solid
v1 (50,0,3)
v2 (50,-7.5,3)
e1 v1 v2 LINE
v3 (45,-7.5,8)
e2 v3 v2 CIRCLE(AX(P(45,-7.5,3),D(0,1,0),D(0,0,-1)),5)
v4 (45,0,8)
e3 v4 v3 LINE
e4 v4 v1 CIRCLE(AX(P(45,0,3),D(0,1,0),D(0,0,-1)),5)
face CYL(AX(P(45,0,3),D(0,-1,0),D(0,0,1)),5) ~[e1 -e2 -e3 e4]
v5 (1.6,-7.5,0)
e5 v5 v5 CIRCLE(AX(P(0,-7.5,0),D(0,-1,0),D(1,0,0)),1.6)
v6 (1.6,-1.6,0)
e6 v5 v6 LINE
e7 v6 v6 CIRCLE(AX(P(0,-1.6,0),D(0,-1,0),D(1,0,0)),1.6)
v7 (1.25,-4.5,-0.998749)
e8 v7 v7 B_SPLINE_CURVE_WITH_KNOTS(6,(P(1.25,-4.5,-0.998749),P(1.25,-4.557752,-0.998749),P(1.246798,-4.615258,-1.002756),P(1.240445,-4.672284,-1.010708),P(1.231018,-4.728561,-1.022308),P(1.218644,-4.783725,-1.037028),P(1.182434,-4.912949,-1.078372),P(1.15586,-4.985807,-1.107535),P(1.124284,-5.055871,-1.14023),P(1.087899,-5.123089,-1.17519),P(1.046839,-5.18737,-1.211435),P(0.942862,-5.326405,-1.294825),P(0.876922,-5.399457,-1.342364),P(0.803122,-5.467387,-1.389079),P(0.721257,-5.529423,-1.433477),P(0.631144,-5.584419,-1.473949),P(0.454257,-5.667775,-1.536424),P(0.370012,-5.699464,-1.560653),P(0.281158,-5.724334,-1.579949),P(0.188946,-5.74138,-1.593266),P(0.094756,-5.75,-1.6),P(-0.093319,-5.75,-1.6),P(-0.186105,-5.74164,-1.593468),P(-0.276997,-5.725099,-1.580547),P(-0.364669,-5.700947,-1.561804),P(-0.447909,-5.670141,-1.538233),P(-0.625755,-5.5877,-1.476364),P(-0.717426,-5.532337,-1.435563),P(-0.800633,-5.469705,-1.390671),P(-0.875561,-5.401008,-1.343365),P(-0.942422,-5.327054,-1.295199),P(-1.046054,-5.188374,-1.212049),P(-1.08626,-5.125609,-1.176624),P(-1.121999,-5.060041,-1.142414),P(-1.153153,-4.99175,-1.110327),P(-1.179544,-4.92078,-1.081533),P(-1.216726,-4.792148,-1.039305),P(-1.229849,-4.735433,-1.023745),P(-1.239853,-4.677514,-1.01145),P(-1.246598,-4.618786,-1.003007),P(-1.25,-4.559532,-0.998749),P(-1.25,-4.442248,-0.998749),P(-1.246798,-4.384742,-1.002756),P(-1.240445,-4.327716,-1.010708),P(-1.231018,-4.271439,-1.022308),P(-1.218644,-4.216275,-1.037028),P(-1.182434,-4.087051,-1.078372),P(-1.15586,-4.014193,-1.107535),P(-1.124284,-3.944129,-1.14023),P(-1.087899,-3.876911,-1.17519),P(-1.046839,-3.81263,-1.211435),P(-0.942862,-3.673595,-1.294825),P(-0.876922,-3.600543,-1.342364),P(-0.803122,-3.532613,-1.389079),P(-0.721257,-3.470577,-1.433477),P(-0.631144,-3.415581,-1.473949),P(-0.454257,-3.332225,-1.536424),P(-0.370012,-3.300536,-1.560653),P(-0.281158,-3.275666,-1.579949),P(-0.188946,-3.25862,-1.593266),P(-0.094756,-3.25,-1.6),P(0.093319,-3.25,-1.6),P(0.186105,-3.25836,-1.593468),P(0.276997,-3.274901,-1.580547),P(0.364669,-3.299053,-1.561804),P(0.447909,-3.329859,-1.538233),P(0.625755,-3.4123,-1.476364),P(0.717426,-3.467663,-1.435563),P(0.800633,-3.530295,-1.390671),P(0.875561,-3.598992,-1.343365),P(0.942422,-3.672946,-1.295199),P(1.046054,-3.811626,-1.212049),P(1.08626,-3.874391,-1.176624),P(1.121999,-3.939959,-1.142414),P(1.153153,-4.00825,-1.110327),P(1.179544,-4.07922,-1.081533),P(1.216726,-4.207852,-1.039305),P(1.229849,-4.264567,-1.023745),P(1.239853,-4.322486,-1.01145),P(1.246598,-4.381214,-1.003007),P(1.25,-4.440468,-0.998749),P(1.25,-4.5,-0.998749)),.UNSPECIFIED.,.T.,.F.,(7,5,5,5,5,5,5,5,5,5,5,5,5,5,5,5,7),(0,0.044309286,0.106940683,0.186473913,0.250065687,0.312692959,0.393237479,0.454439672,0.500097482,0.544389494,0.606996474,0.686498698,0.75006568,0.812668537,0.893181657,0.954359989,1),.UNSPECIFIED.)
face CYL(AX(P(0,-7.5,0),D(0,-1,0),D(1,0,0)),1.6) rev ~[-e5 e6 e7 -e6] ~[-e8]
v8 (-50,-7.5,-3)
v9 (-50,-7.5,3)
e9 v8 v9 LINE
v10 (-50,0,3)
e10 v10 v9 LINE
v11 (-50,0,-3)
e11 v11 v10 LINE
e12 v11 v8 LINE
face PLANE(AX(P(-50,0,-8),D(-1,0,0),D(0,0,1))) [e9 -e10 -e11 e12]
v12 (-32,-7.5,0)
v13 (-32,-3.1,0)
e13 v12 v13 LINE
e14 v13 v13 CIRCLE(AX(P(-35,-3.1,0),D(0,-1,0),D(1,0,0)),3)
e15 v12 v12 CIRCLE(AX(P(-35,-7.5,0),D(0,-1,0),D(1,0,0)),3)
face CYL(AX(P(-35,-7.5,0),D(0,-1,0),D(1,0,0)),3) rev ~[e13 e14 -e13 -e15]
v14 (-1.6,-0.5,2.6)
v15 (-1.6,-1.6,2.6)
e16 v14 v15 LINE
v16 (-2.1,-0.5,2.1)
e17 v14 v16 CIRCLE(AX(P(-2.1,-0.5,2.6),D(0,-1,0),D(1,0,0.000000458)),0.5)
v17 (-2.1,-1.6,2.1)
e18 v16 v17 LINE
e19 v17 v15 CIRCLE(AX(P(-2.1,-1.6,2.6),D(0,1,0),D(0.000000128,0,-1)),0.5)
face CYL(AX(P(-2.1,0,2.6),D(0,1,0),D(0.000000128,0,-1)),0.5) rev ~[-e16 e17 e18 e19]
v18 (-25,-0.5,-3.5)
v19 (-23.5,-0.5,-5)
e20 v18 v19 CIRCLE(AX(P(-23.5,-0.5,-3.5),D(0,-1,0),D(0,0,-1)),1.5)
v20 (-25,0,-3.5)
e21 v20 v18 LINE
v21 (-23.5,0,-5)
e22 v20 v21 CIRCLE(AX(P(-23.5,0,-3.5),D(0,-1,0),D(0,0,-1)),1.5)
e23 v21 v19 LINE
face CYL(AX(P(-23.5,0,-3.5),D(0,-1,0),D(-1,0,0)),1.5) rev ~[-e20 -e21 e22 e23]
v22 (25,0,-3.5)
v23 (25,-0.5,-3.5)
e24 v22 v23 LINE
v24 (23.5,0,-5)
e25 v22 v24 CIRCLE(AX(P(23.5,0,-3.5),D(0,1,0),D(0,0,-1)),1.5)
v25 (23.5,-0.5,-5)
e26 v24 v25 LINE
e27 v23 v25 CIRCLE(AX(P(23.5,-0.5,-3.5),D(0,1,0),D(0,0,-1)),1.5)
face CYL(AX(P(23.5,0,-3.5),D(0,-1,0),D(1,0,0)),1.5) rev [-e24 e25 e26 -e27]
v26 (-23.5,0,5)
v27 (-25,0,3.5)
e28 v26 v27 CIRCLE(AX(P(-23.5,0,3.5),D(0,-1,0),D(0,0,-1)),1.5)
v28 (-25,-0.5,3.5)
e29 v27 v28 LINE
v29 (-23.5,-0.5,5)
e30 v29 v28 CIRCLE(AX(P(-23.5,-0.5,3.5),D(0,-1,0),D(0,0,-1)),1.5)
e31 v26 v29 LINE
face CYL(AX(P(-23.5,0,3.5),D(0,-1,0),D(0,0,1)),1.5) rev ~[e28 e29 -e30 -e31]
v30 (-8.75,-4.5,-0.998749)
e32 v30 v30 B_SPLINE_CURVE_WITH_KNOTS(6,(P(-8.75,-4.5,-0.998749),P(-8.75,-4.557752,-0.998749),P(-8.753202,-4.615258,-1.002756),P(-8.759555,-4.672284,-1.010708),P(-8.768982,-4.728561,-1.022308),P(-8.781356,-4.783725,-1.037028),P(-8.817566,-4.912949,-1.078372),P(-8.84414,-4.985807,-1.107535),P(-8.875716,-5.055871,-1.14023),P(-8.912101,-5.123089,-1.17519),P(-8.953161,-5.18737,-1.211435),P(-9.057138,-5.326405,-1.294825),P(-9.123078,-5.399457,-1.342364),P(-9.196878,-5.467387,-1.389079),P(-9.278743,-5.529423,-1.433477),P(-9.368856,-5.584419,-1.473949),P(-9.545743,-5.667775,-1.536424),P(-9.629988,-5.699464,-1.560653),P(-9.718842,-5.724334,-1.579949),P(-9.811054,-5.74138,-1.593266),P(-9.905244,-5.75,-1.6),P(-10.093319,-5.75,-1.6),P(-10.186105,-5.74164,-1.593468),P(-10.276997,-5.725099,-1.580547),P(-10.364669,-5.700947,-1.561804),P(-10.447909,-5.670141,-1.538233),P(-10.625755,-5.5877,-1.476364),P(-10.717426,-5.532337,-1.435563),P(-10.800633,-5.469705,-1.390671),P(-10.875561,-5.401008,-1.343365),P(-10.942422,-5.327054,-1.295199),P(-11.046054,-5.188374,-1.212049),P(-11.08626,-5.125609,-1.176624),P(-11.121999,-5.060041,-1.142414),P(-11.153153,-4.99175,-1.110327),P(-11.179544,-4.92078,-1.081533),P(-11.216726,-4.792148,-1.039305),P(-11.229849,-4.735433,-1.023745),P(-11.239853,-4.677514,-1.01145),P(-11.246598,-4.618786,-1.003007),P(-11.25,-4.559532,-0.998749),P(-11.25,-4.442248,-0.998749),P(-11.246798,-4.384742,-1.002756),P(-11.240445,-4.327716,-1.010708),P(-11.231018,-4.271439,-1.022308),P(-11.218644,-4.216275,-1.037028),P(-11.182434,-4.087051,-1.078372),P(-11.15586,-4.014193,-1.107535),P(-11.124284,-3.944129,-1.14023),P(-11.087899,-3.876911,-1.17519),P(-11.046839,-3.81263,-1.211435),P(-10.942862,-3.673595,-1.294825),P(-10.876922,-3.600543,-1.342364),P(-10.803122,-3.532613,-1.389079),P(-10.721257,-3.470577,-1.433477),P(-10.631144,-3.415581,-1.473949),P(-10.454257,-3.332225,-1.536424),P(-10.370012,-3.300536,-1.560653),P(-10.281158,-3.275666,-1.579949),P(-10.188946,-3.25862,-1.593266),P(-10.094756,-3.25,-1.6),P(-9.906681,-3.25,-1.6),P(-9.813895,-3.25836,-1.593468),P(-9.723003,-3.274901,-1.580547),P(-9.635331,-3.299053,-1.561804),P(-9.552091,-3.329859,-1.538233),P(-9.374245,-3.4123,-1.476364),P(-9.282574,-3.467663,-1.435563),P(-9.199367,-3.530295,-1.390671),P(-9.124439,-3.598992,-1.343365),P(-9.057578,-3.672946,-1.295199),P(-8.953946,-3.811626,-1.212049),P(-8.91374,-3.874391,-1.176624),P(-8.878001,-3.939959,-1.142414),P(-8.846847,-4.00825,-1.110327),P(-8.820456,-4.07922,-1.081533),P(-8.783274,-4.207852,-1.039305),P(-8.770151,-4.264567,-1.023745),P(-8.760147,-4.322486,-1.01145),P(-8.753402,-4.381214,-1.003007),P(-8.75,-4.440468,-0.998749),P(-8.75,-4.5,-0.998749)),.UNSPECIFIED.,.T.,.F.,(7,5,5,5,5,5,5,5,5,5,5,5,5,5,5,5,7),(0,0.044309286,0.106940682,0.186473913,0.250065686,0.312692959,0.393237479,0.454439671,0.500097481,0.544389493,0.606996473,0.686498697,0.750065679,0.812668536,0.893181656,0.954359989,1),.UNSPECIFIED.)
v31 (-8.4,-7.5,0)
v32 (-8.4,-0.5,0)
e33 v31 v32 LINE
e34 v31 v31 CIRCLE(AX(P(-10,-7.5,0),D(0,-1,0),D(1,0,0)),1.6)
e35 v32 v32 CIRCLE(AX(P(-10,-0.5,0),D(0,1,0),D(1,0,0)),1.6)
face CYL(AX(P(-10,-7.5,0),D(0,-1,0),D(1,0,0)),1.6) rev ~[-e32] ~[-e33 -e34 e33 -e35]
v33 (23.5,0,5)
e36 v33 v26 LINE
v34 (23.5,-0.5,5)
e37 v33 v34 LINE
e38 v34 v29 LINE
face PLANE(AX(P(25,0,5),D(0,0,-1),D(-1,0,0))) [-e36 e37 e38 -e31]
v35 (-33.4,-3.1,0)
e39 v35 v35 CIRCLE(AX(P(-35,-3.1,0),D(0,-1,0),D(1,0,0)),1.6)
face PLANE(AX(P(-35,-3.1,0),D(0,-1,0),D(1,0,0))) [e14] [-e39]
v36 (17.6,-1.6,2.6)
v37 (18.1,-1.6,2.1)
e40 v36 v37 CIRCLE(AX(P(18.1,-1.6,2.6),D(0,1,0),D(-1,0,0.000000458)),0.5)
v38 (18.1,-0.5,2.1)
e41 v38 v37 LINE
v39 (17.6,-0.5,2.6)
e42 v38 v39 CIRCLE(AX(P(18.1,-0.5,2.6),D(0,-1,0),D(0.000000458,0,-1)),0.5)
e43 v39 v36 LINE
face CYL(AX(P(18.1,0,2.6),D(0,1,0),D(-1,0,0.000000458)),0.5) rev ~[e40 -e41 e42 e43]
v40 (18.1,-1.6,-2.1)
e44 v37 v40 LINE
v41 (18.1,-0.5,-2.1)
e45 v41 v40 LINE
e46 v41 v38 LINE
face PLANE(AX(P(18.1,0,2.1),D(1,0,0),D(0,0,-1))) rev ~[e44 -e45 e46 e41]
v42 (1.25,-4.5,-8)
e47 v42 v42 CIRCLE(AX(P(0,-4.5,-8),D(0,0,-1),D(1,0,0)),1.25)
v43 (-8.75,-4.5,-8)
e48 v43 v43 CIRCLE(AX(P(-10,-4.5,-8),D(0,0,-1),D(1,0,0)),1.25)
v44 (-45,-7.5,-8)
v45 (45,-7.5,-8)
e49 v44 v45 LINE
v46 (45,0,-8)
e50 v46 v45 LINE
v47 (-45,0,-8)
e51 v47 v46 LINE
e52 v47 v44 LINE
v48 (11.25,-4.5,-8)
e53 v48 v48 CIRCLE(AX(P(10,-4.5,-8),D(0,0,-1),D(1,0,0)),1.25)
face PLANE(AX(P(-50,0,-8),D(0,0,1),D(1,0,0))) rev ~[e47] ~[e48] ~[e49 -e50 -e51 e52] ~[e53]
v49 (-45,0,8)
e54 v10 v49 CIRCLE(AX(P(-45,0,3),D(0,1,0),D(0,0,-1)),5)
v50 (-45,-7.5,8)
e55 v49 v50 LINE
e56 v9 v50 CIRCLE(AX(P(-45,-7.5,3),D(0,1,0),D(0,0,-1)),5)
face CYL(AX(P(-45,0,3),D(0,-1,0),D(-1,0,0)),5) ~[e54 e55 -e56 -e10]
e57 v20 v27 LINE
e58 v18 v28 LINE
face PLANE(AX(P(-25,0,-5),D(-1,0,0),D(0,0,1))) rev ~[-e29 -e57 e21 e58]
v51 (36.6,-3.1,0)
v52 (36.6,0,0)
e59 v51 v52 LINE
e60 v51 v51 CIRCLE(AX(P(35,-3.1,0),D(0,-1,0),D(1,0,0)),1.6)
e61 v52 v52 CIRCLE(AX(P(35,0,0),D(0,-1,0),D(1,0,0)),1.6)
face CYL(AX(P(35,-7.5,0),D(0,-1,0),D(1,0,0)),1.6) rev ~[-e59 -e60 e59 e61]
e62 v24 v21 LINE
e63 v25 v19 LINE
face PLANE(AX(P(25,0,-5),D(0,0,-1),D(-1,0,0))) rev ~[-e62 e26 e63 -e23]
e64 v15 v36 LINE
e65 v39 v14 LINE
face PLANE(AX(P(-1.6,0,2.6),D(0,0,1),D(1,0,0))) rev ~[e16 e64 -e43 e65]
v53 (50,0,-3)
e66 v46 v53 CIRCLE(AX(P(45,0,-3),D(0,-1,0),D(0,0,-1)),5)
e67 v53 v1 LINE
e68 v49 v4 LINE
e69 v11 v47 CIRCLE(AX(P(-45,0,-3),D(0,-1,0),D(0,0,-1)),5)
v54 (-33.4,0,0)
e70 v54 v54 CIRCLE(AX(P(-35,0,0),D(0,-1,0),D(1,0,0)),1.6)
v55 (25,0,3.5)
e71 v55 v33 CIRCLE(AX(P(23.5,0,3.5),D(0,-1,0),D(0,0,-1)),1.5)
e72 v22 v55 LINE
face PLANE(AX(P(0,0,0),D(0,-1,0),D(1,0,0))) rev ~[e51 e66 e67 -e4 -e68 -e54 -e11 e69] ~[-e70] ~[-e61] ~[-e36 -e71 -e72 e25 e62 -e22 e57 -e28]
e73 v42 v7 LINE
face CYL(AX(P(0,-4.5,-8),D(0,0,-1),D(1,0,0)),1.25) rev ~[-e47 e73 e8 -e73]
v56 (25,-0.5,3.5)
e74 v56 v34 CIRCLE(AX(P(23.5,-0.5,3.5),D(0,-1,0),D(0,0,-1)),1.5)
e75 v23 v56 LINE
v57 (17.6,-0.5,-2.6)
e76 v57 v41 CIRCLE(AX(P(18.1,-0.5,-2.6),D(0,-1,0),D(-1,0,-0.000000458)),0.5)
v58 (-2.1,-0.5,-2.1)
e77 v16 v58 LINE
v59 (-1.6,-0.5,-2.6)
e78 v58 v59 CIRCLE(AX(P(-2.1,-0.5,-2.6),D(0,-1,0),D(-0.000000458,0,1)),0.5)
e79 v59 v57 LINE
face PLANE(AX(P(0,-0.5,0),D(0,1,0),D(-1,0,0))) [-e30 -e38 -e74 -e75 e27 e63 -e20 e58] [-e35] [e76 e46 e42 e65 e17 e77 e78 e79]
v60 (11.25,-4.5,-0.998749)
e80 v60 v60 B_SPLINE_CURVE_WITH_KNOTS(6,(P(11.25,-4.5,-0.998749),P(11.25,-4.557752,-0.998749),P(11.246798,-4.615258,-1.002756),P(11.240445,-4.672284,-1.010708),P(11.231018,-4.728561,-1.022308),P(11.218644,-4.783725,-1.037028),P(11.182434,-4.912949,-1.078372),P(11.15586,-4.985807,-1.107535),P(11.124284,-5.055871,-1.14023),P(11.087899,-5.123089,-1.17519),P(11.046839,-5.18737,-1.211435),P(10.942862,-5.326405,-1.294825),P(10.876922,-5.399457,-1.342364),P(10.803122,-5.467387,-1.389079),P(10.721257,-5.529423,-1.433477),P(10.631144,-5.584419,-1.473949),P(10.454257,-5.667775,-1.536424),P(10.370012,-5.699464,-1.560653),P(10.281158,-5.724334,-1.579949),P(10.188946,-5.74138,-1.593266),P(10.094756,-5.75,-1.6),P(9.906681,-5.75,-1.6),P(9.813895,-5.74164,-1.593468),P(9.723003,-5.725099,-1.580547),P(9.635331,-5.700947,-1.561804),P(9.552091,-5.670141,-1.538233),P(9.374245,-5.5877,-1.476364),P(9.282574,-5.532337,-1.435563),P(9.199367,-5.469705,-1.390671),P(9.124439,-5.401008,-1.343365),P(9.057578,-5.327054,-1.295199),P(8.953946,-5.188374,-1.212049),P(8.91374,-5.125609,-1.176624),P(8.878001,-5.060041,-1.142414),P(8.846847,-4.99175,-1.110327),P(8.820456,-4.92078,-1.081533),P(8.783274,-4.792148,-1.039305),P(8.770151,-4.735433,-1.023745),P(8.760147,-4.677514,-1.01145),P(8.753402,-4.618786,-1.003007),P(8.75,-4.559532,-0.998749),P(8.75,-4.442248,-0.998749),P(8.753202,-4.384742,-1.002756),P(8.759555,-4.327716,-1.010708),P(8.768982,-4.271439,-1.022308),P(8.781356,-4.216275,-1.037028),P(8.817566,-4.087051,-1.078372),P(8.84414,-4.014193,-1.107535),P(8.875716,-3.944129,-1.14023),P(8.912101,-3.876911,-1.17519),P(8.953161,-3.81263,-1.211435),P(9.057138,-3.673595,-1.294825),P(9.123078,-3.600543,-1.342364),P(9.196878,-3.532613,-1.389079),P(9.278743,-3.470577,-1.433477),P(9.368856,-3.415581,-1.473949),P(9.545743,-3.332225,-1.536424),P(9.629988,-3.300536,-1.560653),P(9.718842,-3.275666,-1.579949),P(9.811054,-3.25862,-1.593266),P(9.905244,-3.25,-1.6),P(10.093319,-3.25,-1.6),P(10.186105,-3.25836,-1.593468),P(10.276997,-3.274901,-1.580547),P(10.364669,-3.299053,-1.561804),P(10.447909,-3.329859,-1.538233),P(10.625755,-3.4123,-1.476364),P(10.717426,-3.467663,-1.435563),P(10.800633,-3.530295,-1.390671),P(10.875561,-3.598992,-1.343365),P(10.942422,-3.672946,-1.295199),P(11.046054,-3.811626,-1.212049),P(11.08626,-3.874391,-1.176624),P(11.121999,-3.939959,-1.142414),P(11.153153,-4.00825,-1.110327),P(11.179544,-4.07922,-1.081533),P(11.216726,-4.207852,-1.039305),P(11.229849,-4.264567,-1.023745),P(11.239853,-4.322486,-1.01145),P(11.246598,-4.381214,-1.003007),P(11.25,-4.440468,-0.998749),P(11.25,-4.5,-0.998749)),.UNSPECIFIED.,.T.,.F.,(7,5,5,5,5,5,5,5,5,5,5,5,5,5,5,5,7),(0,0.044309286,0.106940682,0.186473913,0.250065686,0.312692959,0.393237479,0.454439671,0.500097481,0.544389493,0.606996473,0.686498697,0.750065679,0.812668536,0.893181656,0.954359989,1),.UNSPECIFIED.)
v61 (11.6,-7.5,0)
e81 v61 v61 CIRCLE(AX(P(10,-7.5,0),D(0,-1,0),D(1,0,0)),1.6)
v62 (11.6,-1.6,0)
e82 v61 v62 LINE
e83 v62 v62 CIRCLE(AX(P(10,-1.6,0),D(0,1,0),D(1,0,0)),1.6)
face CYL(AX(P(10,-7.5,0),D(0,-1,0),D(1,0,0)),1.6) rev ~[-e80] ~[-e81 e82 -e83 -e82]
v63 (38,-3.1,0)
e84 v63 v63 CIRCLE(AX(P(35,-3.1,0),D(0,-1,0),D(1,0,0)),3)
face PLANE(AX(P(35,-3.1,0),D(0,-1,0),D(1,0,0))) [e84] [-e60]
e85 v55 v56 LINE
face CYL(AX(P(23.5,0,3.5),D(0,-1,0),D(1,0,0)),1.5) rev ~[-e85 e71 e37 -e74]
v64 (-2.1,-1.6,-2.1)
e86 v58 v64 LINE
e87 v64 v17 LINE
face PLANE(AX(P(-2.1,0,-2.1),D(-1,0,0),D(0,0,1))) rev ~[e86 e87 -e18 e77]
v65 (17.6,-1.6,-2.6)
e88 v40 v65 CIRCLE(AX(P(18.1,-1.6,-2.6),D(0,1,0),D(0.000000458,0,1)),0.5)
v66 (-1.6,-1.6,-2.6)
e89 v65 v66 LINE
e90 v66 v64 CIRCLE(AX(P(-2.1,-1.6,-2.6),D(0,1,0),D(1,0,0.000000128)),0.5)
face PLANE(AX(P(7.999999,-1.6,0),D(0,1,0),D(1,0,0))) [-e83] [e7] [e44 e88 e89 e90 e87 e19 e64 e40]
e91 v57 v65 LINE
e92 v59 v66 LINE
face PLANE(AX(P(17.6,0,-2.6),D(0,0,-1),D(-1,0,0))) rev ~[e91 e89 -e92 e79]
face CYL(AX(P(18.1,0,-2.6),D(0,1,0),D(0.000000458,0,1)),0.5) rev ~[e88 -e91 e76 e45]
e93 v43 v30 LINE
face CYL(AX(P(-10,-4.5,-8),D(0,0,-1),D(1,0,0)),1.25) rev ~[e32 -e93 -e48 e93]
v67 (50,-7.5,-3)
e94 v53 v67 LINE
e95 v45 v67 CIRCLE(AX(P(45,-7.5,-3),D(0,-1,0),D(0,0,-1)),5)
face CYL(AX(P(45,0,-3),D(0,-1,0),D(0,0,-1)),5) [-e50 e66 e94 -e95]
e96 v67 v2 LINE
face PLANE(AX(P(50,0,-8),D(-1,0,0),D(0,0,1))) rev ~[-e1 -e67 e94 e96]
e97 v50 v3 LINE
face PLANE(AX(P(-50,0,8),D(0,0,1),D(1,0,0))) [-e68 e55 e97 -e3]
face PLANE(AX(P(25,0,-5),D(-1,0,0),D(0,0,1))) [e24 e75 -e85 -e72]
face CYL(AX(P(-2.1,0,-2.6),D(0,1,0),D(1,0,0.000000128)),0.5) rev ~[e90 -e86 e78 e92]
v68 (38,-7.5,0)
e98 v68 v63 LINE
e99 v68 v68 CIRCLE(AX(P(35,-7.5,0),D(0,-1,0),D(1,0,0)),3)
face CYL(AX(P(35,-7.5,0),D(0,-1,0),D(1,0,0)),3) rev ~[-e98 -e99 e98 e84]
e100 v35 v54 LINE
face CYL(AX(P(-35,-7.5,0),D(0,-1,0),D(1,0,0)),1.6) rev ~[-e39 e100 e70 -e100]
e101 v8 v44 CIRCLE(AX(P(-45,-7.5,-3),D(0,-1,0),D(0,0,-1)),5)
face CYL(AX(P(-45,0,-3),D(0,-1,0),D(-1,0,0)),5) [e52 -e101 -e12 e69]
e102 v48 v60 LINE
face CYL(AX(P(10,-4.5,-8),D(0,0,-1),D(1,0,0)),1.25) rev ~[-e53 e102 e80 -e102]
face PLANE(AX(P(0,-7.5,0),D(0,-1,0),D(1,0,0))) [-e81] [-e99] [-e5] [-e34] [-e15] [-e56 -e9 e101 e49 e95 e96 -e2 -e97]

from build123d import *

# Parameters (mm, degrees)
F0_W      = 100
F0_H      = 16
F1_DEPTH  = 7.5
F2_R      = 1.6
F3_DEPTH  = 7.501
F2_R_2    = 3
F4_DEPTH  = 4.4
F5_R      = 1.6
F6_DEPTH  = 7.501
F7_W      = 50
F7_H      = 10
F7_R      = 1.6
F8_DEPTH  = 0.5
F8_FACE_R = 1.6
F9_DEPTH  = 1.6
F10_R     = 1.5
F11_R     = 1.25
F12_DEPTH = 8
F13_R     = 5
F14_DEPTH = 8
F15_DEPTH = 7.501


with BuildPart() as f1:
    # F0 (on Front) → F1 (new body)
    with BuildSketch(Plane.XZ):
        Rectangle(F0_W, F0_H)
    extrude(amount=F1_DEPTH)

    # F2 (on face) → F3 (cut, through all)
    with BuildSketch(Plane.XZ.offset(7.5)):
        with Locations((35, 0)):
            Circle(F2_R)
        with Locations((-35, 0)):
            Circle(F2_R)
    extrude(amount=-F3_DEPTH, mode=Mode.SUBTRACT)

    # F2 (on face) → F4 (cut)
    with BuildSketch(Plane.XZ.offset(7.5)):
        with Locations((35, 0)):
            Circle(F2_R_2)
        with Locations((35, 0)):
            Circle(F2_R, mode=Mode.SUBTRACT)
        with Locations((-35, 0)):
            Circle(F2_R_2)
        with Locations((-35, 0)):
            Circle(F2_R, mode=Mode.SUBTRACT)
    extrude(amount=-F4_DEPTH, mode=Mode.SUBTRACT)

    # F5 (on face) → F6 (cut, through all)
    with BuildSketch(Plane.XZ.offset(7.5)):
        with Locations((10, 0)):
            Circle(F5_R)
        with Locations((-10, 0)):
            Circle(F5_R)
    extrude(amount=-F6_DEPTH, mode=Mode.SUBTRACT)

    # F7 (on face) → F8 (cut)
    with BuildSketch(Plane(origin=(0, 0, 0), x_dir=(-1, 0, 0), z_dir=(0, 1, 0))):
        Rectangle(F7_W, F7_H)
        with BuildLine():
            ThreePointArc((-18.1, 2.1), (-18.453553, 2.953553), (-17.6, 2.6))
            Line((-17.6, 2.6), (1.6, 2.6))
            ThreePointArc((1.6, 2.6), (2.453553, 2.953553), (2.1, 2.1))
            Line((2.1, 2.1), (2.1, -2.1))
            ThreePointArc((2.1, -2.1), (2.453553, -2.953553), (1.6, -2.6))
            Line((1.6, -2.6), (-17.6, -2.6))
            ThreePointArc((-17.6, -2.6), (-18.453553, -2.953553), (-18.1, -2.1))
            Line((-18.1, -2.1), (-18.1, 2.1))
        make_face(mode=Mode.SUBTRACT)
        with Locations((10, 0)):
            Circle(F7_R, mode=Mode.SUBTRACT)
    extrude(amount=-F8_DEPTH, mode=Mode.SUBTRACT)

    # F8_face (on face) → F9 (cut)
    with BuildSketch(Plane(origin=(7.838104, 0, 0), x_dir=(1, 0, 0), z_dir=(0, 1, 0))):
        with BuildLine():
            Line((9.761896, 2.6), (-9.438104, 2.6))
            ThreePointArc((-9.438104, 2.6), (-10.291658, 2.953553), (-9.938104, 2.1))
            Line((-9.938104, 2.1), (-9.938104, -2.1))
            ThreePointArc((-9.938104, -2.1), (-10.291658, -2.953553), (-9.438104, -2.6))
            Line((-9.438104, -2.6), (9.761896, -2.6))
            ThreePointArc((9.761896, -2.6), (10.615449, -2.953553), (10.261896, -2.1))
            Line((10.261896, -2.1), (10.261896, 2.1))
            ThreePointArc((10.261896, 2.1), (10.615449, 2.953553), (9.761896, 2.6))
        make_face()
        with Locations((2.161896, 0)):
            Circle(F8_FACE_R, mode=Mode.SUBTRACT)
    extrude(amount=-F9_DEPTH, mode=Mode.SUBTRACT)

    # F10
    f10_edges = [f1.edges().sort_by_distance(p)[0] for p in [
        (-25, -0.25, 5),
        (-25, -0.25, -5),
        (25, -0.25, -5),
        (25, -0.25, 5),
    ]]
    fillet(f10_edges, radius=F10_R)

    # F11 (on face) → F12 (cut)
    with BuildSketch(Plane(origin=(0, 0, -8), x_dir=(1, 0, 0), z_dir=(0, 0, -1))):
        with Locations((10, 4.5)):
            Circle(F11_R)
        with Locations((0, 4.5)):
            Circle(F11_R)
    extrude(amount=-F12_DEPTH, mode=Mode.SUBTRACT)

    # F13
    f13_edges = [f1.edges().sort_by_distance(p)[0] for p in [
        (-50, -3.75, 8),
        (-50, -3.75, -8),
        (50, -3.75, 8),
        (50, -3.75, -8),
    ]]
    fillet(f13_edges, radius=F13_R)

    # F11 (on face) → F14 (cut)
    with BuildSketch(Plane(origin=(0, 0, -8), x_dir=(1, 0, 0), z_dir=(0, 0, -1))):
        with Locations((10, 4.5)):
            Circle(F11_R)
        with Locations((0, 4.5)):
            Circle(F11_R)
        with Locations((-10, 4.5)):
            Circle(F11_R)
    extrude(amount=-F14_DEPTH, mode=Mode.SUBTRACT)

    # F5 (on face) → F15 (cut, through all)
    with BuildSketch(Plane.XZ.offset(7.5)):
        with Locations((10, 0)):
            Circle(F5_R)
        with Locations((-10, 0)):
            Circle(F5_R)
        Circle(F5_R)
    extrude(amount=-F15_DEPTH, mode=Mode.SUBTRACT)


solid = f1.part
